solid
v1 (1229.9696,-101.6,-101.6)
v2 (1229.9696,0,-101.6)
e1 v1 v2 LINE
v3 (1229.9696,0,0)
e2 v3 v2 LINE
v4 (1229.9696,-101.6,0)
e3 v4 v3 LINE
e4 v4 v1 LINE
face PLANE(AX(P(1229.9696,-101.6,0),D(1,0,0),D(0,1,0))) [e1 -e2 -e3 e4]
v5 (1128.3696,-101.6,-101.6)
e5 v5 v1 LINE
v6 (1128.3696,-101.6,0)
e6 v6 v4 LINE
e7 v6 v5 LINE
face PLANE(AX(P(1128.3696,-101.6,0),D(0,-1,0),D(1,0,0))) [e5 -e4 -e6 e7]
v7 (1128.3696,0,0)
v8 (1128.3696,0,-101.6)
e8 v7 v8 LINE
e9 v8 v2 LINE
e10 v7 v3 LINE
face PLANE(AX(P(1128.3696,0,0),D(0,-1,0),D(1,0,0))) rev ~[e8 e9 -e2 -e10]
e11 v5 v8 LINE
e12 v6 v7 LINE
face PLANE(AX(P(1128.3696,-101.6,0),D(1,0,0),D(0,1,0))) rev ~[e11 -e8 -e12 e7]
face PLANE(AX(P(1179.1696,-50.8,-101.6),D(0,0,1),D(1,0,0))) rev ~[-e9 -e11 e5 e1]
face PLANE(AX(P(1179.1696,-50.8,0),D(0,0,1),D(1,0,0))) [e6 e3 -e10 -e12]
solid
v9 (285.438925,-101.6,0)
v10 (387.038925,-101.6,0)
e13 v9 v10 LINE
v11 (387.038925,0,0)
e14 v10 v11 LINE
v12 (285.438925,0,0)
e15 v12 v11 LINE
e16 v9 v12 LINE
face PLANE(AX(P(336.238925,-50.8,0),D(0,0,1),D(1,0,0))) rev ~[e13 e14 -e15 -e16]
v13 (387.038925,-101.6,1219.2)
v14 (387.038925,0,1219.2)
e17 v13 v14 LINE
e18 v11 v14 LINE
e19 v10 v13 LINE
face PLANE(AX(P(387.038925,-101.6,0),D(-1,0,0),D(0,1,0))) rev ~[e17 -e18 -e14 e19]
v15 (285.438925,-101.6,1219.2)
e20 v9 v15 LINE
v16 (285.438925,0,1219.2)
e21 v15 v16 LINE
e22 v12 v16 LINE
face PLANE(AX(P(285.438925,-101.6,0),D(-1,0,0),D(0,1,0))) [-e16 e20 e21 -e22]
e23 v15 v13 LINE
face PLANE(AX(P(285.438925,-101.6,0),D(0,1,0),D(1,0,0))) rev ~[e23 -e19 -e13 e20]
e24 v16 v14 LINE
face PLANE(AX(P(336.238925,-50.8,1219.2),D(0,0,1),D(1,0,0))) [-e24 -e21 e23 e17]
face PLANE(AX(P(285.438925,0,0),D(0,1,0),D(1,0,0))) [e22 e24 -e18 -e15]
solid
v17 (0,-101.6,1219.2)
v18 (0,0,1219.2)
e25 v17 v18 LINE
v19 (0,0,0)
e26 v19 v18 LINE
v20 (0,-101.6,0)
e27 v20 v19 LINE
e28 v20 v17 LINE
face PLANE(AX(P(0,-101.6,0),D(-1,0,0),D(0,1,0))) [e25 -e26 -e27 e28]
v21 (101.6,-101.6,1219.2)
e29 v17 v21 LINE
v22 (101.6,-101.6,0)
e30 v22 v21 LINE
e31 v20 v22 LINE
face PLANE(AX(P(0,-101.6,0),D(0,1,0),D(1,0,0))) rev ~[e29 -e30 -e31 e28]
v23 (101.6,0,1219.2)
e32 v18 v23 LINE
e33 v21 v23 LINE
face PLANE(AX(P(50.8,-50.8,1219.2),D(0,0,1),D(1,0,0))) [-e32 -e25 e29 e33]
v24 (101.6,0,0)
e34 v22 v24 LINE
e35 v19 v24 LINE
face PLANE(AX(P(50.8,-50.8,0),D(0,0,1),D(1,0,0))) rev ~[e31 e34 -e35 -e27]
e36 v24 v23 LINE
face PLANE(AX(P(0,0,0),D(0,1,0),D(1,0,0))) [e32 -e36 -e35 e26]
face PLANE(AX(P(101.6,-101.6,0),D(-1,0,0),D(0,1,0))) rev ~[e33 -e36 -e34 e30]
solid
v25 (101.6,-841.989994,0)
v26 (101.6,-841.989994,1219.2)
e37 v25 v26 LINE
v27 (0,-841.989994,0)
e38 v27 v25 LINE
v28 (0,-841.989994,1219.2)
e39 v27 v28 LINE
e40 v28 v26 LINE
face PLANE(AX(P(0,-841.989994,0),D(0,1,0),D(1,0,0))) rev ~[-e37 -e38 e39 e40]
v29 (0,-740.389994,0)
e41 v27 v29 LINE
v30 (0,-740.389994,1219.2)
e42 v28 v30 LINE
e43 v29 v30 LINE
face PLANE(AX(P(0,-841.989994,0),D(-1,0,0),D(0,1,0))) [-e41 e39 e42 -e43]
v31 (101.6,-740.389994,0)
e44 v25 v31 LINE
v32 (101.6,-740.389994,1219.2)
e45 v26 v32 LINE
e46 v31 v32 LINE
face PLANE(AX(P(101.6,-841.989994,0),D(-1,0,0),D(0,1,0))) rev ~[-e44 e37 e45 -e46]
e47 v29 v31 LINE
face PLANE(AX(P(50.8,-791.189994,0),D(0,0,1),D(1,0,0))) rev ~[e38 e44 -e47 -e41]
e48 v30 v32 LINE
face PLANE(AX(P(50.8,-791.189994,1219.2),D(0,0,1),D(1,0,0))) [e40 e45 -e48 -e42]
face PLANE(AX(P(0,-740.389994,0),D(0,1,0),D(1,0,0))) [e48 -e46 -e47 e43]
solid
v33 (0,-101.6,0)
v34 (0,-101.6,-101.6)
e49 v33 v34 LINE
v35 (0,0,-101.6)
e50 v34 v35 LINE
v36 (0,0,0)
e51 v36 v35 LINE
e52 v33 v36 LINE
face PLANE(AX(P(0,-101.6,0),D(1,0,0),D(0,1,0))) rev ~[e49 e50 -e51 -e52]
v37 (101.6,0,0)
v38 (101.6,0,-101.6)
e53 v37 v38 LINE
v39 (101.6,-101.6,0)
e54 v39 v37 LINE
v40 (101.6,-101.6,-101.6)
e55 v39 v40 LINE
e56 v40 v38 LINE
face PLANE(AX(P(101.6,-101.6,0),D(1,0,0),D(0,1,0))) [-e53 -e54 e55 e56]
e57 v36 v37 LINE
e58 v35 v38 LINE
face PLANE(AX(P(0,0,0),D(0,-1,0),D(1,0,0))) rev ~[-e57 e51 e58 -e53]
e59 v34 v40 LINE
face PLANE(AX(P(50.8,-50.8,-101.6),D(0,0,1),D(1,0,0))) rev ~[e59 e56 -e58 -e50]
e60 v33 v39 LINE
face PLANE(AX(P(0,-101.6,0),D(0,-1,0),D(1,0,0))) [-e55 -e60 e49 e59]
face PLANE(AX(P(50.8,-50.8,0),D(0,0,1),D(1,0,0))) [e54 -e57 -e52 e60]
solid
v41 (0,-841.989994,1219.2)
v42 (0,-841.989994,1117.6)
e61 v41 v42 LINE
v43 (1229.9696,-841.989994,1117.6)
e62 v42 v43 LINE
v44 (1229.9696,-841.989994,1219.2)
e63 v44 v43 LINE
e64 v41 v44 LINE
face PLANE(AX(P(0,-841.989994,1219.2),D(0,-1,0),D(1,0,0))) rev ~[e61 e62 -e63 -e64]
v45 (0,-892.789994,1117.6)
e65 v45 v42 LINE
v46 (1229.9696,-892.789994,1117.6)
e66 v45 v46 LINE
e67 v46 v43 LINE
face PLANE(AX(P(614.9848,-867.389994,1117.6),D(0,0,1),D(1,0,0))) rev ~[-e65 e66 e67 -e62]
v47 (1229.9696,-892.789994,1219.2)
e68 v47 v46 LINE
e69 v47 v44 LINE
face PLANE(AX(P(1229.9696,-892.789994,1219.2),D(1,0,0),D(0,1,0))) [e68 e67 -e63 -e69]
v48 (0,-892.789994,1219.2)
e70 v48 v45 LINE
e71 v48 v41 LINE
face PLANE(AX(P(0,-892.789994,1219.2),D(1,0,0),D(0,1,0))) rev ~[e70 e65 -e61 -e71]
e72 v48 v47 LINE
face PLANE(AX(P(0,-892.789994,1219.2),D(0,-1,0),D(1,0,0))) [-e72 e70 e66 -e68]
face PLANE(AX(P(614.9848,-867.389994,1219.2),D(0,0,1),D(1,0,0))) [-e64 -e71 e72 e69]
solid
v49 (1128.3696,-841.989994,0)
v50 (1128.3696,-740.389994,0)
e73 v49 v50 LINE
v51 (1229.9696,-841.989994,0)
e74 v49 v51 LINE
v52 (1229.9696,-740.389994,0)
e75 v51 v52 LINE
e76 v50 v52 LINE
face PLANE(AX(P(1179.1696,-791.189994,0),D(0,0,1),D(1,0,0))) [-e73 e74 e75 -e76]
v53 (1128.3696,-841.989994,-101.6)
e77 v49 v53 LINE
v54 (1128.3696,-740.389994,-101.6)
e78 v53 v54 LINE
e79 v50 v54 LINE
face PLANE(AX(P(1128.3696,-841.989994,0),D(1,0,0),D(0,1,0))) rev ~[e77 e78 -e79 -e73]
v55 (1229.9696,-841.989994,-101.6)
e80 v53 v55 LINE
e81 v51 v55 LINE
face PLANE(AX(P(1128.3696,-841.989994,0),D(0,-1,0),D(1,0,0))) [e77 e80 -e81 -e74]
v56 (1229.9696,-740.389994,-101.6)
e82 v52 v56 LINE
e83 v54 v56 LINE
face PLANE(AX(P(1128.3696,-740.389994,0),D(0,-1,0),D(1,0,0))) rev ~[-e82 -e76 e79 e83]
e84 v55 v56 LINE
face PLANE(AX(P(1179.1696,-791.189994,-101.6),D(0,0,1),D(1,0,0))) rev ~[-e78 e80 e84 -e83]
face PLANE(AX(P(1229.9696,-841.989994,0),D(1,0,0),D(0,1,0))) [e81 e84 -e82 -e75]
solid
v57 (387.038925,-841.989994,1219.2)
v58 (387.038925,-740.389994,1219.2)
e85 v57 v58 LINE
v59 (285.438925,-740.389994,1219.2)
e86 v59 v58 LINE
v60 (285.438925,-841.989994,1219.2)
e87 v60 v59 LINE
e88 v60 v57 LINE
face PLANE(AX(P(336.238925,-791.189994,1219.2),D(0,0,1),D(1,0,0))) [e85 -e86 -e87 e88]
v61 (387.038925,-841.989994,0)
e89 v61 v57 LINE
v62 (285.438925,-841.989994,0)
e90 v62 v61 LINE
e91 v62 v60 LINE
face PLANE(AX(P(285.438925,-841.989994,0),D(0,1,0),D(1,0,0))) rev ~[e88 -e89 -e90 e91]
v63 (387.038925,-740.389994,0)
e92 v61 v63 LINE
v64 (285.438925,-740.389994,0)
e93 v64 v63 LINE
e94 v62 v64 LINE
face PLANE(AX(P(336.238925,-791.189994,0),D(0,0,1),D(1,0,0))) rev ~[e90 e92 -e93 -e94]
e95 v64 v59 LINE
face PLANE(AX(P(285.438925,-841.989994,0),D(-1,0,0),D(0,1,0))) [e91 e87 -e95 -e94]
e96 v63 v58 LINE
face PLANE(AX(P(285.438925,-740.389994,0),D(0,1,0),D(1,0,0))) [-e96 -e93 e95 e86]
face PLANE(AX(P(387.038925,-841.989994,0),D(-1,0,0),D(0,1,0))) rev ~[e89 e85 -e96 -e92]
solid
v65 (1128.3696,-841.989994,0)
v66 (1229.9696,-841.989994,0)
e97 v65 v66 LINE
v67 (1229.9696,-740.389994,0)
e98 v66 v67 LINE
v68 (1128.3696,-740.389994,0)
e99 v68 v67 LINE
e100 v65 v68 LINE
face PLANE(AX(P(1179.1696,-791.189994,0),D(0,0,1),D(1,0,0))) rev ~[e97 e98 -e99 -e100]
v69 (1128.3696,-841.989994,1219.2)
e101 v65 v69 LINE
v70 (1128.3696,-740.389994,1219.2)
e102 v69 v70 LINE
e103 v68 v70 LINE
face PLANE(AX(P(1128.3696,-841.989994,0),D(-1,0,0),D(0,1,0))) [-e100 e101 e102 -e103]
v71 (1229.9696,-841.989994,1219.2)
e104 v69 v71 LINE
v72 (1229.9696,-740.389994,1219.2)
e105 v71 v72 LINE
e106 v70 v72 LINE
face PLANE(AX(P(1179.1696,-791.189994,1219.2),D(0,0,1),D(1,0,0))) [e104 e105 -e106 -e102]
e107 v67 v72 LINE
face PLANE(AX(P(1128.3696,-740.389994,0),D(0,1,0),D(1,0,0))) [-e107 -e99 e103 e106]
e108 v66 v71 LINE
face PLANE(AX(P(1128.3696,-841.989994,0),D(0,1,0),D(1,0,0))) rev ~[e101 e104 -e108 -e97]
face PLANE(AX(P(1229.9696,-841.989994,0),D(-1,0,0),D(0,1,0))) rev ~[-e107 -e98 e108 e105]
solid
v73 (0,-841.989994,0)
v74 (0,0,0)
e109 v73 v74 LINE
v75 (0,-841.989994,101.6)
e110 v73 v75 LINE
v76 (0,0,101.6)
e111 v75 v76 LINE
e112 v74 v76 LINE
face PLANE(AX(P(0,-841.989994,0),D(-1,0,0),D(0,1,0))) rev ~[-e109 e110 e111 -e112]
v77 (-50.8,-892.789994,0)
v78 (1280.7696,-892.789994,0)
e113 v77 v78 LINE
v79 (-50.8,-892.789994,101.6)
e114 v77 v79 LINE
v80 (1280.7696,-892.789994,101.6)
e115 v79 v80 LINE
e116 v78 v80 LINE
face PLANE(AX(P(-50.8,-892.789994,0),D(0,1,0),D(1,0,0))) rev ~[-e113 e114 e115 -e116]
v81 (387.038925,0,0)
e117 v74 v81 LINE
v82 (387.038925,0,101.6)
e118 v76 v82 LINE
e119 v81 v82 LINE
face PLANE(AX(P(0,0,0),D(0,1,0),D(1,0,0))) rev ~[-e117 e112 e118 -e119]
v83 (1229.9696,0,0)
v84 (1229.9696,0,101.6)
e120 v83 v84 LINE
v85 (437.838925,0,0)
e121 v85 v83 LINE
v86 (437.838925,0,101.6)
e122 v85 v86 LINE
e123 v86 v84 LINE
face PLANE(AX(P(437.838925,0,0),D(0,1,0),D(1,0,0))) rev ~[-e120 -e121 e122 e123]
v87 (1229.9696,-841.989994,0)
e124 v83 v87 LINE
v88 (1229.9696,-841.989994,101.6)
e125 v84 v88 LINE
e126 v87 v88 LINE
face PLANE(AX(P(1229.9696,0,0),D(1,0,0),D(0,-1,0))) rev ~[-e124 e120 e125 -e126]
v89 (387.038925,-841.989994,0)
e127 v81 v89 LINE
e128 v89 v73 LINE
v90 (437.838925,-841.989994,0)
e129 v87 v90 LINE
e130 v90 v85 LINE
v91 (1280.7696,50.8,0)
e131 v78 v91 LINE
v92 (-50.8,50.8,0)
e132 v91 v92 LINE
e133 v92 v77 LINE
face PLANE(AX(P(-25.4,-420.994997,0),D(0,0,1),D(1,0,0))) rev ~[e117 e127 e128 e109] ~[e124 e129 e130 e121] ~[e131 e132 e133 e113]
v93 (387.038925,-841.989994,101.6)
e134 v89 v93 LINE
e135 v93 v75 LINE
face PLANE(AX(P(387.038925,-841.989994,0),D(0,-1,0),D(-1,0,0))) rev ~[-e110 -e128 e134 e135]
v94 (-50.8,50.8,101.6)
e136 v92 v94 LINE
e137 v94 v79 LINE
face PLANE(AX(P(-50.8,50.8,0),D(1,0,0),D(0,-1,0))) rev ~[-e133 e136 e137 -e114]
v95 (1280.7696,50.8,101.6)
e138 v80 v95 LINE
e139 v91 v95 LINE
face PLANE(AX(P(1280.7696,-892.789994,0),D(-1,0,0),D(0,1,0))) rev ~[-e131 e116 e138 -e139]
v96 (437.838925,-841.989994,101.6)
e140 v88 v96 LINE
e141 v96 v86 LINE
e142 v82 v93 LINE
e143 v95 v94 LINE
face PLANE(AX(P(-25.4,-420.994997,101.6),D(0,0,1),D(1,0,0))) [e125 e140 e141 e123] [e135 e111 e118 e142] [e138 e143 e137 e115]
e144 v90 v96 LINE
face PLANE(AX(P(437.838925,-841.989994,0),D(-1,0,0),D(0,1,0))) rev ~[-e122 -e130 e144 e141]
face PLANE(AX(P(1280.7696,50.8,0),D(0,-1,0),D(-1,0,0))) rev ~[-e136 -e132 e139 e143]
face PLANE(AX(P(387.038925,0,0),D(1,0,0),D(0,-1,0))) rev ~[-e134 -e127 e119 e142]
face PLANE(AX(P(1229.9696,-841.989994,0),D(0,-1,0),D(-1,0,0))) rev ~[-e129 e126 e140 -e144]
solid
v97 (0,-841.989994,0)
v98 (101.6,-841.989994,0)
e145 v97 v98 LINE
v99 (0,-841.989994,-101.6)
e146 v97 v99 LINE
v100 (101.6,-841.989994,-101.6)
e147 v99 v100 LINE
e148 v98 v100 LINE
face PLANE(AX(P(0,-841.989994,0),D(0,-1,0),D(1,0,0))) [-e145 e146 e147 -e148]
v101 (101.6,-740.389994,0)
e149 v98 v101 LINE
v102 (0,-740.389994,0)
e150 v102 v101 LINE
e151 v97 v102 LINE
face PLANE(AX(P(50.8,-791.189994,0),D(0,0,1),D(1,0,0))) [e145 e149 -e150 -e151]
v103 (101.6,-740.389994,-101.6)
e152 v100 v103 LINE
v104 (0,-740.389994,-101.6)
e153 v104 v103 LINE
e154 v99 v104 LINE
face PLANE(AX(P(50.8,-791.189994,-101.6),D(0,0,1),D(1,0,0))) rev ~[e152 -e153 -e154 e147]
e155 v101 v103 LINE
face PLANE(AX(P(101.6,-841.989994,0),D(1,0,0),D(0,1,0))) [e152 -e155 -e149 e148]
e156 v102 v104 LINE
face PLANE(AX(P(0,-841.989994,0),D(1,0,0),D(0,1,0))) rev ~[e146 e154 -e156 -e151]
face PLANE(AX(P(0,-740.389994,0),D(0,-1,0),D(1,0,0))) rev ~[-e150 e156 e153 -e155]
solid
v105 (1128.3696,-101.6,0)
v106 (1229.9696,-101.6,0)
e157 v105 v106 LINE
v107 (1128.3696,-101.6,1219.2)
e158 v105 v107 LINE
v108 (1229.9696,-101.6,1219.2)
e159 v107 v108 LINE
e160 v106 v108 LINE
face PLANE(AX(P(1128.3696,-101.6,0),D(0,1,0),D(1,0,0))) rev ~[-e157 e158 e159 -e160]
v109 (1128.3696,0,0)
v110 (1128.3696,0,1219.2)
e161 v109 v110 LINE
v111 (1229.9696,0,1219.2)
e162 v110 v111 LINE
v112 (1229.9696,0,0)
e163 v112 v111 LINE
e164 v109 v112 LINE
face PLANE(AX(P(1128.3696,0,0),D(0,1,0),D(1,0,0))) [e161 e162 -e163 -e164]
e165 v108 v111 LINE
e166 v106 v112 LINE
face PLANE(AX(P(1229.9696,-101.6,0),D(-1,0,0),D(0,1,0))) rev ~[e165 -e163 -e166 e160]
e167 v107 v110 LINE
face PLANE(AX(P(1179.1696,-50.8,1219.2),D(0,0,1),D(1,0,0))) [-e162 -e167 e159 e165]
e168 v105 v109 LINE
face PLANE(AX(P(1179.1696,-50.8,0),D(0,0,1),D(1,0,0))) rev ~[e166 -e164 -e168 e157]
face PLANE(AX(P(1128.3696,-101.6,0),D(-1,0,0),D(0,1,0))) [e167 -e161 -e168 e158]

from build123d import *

# Parameters (mm, degrees)
F0_W     = 101.6
F0_H     = 101.6
F1_DEPTH = 1219.2
F2_DEPTH = 101.6
F3_DEPTH = 101.6
F4_W     = 1229.9696
F4_H     = 50.8
F5_DEPTH = 101.6


with BuildPart() as f1:
    # F0 (on Top) → F1 (new body)
    with BuildSketch(Plane.XY):
        with Locations((50.8, -791.189994)):
            Rectangle(F0_W, F0_H)
        with Locations((50.8, -50.8)):
            Rectangle(F0_W, F0_H)
        with Locations((336.238925, -791.189994)):
            Rectangle(F0_W, F0_H)
        with Locations((336.238925, -50.8)):
            Rectangle(F0_W, F0_H)
        with Locations((1179.1696, -50.8)):
            Rectangle(F0_W, F0_H)
        with Locations((1179.1696, -791.189994)):
            Rectangle(F0_W, F0_H)
    extrude(amount=F1_DEPTH)


with BuildPart() as f2:
    # F0 (on Top) → F2 (new body)
    with BuildSketch(Plane.XY):
        Polygon((0, -101.6), (0, 0), (0, 50.8), (-50.8, 50.8), (-50.8, -892.789994), (0, -892.789994), (0, -841.989994), (0, -740.389994), align=None)
        Polygon((101.6, -841.989994), (0, -841.989994), (0, -892.789994), (1229.9696, -892.789994), (1229.9696, -841.989994), (1128.3696, -841.989994), (437.838925, -841.989994), (387.038925, -841.989994), (285.438925, -841.989994), align=None)
        Polygon((1280.7696, 50.8), (1229.9696, 50.8), (1229.9696, 0), (1229.9696, -101.6), (1229.9696, -740.389994), (1229.9696, -841.989994), (1229.9696, -892.789994), (1280.7696, -892.789994), align=None)
        Polygon((0, 50.8), (0, 0), (101.6, 0), (285.438925, 0), (387.038925, 0), (437.838925, 0), (1128.3696, 0), (1229.9696, 0), (1229.9696, 50.8), align=None)
        Polygon((437.838925, 0), (387.038925, 0), (387.038925, -101.6), (387.038925, -740.389994), (387.038925, -841.989994), (437.838925, -841.989994), align=None)
    extrude(amount=F2_DEPTH)


with BuildPart() as f3:
    # F0 (on Top) → F3 (new body)
    with BuildSketch(Plane.XY):
        with Locations((50.8, -791.189994)):
            Rectangle(F0_W, F0_H)
        with Locations((50.8, -50.8)):
            Rectangle(F0_W, F0_H)
        with Locations((1179.1696, -50.8)):
            Rectangle(F0_W, F0_H)
        with Locations((1179.1696, -791.189994)):
            Rectangle(F0_W, F0_H)
    extrude(amount=-F3_DEPTH)


with BuildPart() as f5:
    # F4 (on face) → F5 (new body)
    with BuildSketch(Plane.XY.offset(1219.2)):
        with Locations((614.9848, -867.389994)):
            Rectangle(F4_W, F4_H)
    extrude(amount=-F5_DEPTH)


solid = Compound([f1.part, f2.part, f3.part, f5.part])
